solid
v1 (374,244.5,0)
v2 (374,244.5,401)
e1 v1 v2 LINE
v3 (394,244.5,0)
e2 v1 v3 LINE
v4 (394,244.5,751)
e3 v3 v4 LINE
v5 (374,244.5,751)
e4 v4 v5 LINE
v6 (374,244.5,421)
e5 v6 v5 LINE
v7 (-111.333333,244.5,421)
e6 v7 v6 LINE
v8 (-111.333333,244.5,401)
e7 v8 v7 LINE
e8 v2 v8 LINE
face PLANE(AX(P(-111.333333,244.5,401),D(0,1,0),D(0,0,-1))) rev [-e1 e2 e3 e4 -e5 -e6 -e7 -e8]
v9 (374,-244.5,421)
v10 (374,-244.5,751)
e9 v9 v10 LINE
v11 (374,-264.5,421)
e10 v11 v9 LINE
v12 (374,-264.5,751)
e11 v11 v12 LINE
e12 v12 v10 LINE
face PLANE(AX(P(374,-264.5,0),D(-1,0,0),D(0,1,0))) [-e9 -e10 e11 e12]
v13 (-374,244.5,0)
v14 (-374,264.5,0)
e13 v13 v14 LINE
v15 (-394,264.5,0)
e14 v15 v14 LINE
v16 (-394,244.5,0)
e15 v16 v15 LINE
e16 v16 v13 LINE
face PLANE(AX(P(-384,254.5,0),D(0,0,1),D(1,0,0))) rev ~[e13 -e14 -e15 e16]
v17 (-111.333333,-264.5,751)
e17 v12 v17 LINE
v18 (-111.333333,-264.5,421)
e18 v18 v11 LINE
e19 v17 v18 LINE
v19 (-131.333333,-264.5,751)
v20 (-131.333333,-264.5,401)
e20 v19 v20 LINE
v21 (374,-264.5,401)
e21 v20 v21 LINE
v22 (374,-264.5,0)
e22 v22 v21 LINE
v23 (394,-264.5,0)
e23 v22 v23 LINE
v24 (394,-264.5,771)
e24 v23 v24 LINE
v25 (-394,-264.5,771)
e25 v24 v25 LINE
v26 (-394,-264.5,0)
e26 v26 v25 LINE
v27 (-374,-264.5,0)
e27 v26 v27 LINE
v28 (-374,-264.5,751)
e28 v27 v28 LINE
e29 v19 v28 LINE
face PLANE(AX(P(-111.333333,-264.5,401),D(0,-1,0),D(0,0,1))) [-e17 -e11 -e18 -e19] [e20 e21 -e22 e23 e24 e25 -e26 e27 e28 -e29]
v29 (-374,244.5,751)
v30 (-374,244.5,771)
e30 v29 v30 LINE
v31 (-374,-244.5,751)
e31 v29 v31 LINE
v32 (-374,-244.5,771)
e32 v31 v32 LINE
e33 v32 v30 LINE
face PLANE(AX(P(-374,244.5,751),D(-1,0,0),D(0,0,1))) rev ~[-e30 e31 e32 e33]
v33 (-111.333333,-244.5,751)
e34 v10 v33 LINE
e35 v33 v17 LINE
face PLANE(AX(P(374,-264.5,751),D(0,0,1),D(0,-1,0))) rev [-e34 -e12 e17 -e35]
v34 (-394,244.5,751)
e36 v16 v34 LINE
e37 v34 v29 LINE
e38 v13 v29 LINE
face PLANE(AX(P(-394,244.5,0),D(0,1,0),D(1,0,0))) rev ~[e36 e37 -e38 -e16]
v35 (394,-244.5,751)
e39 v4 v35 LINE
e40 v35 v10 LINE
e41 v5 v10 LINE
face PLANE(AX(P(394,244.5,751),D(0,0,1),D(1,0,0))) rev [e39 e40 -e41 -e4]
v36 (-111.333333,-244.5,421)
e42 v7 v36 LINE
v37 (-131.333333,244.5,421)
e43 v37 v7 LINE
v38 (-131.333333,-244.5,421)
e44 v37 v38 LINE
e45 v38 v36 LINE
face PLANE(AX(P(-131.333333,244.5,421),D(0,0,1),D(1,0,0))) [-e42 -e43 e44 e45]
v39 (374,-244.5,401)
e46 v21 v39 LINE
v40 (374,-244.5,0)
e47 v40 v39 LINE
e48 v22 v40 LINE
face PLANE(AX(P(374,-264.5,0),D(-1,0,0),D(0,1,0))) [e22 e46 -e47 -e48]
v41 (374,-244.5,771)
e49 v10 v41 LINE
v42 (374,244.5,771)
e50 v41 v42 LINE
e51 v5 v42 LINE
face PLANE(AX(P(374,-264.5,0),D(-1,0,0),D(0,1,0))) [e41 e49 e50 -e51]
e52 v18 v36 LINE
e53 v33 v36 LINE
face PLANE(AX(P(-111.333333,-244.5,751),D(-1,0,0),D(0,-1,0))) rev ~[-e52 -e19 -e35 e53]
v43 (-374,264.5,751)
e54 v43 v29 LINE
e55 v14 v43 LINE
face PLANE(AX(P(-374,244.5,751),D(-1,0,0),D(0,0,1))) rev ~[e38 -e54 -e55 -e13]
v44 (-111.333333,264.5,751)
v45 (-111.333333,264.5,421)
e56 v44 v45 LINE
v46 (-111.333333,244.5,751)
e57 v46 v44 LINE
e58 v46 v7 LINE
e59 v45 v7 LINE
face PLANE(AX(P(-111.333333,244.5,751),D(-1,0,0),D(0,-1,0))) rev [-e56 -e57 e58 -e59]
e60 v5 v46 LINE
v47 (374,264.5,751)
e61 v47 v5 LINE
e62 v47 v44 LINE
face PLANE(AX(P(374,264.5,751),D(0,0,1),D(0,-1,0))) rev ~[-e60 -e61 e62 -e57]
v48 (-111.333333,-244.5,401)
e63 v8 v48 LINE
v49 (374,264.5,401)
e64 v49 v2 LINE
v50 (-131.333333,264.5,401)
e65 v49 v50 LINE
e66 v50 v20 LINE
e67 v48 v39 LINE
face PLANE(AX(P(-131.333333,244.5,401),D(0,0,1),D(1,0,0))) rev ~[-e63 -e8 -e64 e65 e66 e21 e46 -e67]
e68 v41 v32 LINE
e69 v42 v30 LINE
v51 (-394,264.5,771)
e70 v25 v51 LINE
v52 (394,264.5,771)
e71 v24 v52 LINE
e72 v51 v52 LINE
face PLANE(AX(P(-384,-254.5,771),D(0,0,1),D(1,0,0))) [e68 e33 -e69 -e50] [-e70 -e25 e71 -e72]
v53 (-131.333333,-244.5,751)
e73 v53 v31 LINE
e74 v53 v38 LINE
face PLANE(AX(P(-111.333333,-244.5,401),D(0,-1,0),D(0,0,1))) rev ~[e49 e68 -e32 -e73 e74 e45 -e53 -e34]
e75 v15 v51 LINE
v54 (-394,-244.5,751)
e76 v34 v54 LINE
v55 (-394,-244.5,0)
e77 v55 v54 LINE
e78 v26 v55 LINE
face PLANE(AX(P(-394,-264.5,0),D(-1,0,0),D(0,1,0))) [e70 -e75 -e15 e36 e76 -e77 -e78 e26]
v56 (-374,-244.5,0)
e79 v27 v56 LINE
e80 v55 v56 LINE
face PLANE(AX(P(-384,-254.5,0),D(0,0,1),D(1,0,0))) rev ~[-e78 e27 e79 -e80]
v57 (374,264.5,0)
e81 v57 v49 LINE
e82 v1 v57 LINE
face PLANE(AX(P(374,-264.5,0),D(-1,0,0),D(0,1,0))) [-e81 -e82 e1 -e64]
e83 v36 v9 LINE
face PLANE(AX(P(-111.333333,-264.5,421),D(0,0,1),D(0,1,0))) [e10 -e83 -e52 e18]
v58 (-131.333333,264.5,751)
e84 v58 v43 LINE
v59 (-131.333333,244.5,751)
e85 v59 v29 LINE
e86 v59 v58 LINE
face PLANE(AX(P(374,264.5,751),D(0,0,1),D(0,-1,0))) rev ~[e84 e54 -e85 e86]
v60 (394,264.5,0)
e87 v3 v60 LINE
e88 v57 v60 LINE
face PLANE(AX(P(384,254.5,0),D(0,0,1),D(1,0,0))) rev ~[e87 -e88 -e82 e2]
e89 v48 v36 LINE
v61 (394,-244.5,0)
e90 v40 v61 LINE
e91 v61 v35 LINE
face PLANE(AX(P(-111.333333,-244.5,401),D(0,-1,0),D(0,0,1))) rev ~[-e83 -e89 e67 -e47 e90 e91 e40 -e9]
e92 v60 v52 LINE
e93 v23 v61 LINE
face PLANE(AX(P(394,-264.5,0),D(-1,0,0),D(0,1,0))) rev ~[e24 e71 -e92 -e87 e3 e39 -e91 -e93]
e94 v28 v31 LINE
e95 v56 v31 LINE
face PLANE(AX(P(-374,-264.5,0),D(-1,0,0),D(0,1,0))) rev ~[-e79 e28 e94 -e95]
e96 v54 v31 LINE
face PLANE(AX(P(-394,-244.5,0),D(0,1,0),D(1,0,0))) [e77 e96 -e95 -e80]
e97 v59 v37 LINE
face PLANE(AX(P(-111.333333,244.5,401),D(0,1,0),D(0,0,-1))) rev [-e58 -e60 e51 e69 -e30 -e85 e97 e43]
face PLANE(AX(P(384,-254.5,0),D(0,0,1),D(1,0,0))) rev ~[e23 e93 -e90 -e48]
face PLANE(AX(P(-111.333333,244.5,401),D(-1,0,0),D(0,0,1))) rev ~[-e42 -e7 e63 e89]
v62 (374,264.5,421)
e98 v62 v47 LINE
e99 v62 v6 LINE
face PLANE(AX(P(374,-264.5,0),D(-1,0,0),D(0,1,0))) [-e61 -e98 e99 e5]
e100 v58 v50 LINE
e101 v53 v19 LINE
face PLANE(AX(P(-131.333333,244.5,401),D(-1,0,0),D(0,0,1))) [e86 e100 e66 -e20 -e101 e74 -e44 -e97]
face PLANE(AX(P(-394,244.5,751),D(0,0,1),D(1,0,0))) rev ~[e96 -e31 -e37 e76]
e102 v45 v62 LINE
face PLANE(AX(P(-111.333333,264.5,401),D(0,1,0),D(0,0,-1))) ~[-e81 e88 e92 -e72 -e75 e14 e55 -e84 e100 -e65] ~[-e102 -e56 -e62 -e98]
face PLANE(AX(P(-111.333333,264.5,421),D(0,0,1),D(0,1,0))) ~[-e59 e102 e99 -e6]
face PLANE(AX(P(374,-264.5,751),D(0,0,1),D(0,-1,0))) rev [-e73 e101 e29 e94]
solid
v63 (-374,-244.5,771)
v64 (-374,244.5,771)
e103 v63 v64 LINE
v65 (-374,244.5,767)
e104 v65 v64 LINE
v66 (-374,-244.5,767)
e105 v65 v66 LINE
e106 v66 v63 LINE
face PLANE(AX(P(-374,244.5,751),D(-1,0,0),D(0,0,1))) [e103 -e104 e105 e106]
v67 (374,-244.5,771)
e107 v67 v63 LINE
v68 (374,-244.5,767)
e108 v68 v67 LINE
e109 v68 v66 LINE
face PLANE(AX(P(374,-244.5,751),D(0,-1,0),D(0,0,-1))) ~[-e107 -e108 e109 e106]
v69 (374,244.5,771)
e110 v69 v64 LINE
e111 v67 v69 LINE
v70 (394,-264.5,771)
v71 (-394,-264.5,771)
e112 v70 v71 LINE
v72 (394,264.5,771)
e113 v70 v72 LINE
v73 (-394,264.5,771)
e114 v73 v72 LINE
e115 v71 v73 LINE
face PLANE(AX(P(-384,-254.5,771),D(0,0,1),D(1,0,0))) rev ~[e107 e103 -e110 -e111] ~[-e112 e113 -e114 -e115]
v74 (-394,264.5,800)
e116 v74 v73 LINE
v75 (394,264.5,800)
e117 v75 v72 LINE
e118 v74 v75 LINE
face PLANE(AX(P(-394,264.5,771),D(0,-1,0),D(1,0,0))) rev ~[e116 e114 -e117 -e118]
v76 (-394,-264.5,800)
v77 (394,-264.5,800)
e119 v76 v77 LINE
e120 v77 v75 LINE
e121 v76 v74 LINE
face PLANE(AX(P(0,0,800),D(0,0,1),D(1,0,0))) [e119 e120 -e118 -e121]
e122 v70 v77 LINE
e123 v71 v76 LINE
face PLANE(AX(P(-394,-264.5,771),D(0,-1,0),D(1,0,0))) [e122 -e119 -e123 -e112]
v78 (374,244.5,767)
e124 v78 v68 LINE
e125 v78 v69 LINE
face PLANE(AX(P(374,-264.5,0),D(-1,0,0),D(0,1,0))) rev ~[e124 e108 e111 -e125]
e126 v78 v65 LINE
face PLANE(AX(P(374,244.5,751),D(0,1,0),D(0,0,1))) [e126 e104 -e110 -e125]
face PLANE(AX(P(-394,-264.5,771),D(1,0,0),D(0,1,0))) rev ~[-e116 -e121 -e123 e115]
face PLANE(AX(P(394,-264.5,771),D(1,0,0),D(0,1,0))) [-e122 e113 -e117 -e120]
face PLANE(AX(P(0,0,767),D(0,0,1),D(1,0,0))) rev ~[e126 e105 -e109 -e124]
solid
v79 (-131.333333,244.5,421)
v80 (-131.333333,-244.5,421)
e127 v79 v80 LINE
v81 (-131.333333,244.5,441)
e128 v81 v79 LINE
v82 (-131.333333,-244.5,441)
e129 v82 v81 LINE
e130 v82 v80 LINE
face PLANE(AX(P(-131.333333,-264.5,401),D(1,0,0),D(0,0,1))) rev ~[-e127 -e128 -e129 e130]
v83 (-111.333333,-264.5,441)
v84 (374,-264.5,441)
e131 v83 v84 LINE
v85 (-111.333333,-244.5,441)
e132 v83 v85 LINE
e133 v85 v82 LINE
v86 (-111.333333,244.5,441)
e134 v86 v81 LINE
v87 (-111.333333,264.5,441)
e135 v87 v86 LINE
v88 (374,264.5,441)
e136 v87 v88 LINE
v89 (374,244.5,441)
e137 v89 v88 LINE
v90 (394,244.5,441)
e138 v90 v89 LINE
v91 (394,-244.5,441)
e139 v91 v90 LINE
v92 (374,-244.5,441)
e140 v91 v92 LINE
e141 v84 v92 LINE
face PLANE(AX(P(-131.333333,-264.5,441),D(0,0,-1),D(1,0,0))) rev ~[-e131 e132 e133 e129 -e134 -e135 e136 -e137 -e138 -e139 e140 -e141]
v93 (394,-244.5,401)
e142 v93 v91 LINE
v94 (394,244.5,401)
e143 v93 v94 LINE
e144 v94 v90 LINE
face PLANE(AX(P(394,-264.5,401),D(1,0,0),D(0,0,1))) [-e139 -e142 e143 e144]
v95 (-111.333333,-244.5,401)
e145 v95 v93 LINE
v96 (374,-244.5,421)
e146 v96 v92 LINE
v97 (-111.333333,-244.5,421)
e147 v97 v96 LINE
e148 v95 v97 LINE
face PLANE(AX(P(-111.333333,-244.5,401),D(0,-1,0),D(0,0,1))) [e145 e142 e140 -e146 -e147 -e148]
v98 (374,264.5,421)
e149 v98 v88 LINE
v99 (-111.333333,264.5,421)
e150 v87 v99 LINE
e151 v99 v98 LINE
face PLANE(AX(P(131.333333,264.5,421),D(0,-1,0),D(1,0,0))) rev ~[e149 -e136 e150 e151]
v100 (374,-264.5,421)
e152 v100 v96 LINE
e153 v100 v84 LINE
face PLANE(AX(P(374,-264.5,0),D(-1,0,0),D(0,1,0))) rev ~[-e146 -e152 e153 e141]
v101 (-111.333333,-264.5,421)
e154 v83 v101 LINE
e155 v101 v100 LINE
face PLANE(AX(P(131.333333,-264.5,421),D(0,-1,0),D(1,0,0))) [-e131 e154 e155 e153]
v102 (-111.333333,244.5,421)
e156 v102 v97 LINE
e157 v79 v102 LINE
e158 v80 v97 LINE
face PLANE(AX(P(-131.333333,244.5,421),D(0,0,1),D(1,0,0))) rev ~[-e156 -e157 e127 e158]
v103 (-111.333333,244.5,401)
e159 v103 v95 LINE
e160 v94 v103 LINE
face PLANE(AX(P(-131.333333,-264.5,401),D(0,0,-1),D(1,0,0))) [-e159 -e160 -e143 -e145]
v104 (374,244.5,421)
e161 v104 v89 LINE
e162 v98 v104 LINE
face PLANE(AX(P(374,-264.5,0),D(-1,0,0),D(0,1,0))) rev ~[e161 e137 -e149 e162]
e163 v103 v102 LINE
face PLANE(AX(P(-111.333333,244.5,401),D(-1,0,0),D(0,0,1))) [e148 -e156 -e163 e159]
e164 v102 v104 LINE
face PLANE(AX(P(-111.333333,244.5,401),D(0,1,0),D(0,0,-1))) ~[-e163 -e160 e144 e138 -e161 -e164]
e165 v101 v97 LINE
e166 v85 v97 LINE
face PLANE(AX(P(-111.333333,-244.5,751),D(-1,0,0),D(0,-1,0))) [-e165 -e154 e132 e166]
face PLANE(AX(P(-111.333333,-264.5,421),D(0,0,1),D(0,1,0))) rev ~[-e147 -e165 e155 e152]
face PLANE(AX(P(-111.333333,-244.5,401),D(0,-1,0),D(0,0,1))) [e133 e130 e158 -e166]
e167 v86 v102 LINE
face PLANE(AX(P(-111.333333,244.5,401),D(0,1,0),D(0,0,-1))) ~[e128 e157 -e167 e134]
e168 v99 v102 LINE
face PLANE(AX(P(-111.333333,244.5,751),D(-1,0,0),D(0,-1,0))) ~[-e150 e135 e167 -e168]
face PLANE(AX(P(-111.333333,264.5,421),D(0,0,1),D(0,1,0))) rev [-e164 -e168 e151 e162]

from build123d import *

# Parameters (mm, degrees)
F4_W           = 20
F4_H           = 20
F5_DEPTH       = 771
F6_W           = 20
F6_H           = 20
F7_DEPTH       = 748
F9_W           = 20
F9_H           = 20
F10_DEPTH      = 489
F13_W          = 788
F13_H          = 529
F14_DEPTH      = 29
F14_DEPTH_BACK = 4
F16_W          = 20
F16_H          = 20
F17_DEPTH      = 350
F18_W          = 20
F18_H          = 20
F19_DEPTH      = 485.3333333333
F21_W          = 20
F21_H          = 20
F22_DEPTH      = 489
F23_W          = 525.3333333333
F23_H          = 40
F24_DEPTH      = 529


with BuildPart() as f5:
    # F4 (on Top) → F5 (new body)
    with BuildSketch(Plane.XY):
        with Locations((-384, 254.5)):
            Rectangle(F4_W, F4_H)
    extrude(amount=F5_DEPTH)


with BuildPart() as f5b:
    # F4 (on Top) → F5, piece 2 (new body)
    with BuildSketch(Plane.XY):
        with Locations((384, 254.5)):
            Rectangle(F4_W, F4_H)
    extrude(amount=F5_DEPTH)


with BuildPart() as f5c:
    # F4 (on Top) → F5, piece 3 (new body)
    with BuildSketch(Plane.XY):
        with Locations((384, -254.5)):
            Rectangle(F4_W, F4_H)
    extrude(amount=F5_DEPTH)


with BuildPart() as f5d:
    # F4 (on Top) → F5, piece 4 (new body)
    with BuildSketch(Plane.XY):
        with Locations((-384, -254.5)):
            Rectangle(F4_W, F4_H)
    extrude(amount=F5_DEPTH)


with BuildPart() as f7:
    # F6 (on face) → F7 (new body, through all)
    with BuildSketch(Plane(origin=(374, 0, 0), x_dir=(0, -1, 0), z_dir=(-1, 0, 0))):
        with Locations((-254.5, 761)):
            Rectangle(F6_W, F6_H)
    extrude(amount=F7_DEPTH)


with BuildPart() as f8_1:
    # F8: instance of F7
    add(f7.part.mirror(Plane.XZ))


with BuildPart() as f10:
    # F9 (on face) → F10 (new body, through all)
    with BuildSketch(Plane.XZ.offset(-244.5)):
        with Locations((-384, 761)):
            Rectangle(F9_W, F9_H)
    extrude(amount=F10_DEPTH)


with BuildPart() as f11_1:
    # F11: instance of F10
    add(f10.part.mirror(Plane.YZ))


with BuildPart() as f5_1:
    add(f5.part)

    # F12: union F11_1, F5b, F10, F5c, F8_1, F7, F5d
    add(f11_1.part)
    add(f5b.part)
    add(f10.part)
    add(f5c.part)
    add(f8_1.part)
    add(f7.part)
    add(f5d.part)


with BuildPart() as f14:
    # F13 (on face) → F14 (new body, two sides)
    with BuildSketch(Plane.XY.offset(771)) as f14_sk:
        Rectangle(F13_W, F13_H)
    extrude(amount=F14_DEPTH)
    extrude(f14_sk.sketch, amount=-F14_DEPTH_BACK)

    # F15: cut F5
    add(f5_1.part, mode=Mode.SUBTRACT)


with BuildPart() as f17:
    # F16 (on face) → F17 (new body)
    with BuildSketch(Plane(origin=(0, 0, 751), x_dir=(1, 0, 0), z_dir=(0, 0, -1))):
        with Locations((-121.3333333333, 254.5)):
            Rectangle(F16_W, F16_H)
    extrude(amount=F17_DEPTH)


with BuildPart() as f19:
    # F18 (on face) → F19 (new body, through all)
    with BuildSketch(Plane.YZ.offset(-111.3333333333)):
        with Locations((-254.5, 411)):
            Rectangle(F18_W, F18_H)
    extrude(amount=F19_DEPTH)


with BuildPart() as f5_2:
    add(f5_1.part)

    # F20: F17, F19 across plane
    add(f17.part.mirror(Plane.XZ))
    add(f19.part.mirror(Plane.XZ))

    add(f17.part)  # F22 merges F17

    add(f19.part)  # F22 merges F19
    # F21 (on face) → F22 (join, through all)
    with BuildSketch(Plane.XZ.offset(-244.5)):
        with Locations((-121.3333333333, 411)):
            Rectangle(F21_W, F21_H)
    extrude(amount=F22_DEPTH)


with BuildPart() as f24:
    # F23 (on face) → F24 (new body)
    with BuildSketch(Plane.XZ.offset(264.5)):
        with Locations((131.3333333333, 421)):
            Rectangle(F23_W, F23_H)
    extrude(amount=-F24_DEPTH)

    # F25: cut F5
    add(f5_2.part, mode=Mode.SUBTRACT)


solid = Compound([f14.part, f5_2.part, f24.part])
